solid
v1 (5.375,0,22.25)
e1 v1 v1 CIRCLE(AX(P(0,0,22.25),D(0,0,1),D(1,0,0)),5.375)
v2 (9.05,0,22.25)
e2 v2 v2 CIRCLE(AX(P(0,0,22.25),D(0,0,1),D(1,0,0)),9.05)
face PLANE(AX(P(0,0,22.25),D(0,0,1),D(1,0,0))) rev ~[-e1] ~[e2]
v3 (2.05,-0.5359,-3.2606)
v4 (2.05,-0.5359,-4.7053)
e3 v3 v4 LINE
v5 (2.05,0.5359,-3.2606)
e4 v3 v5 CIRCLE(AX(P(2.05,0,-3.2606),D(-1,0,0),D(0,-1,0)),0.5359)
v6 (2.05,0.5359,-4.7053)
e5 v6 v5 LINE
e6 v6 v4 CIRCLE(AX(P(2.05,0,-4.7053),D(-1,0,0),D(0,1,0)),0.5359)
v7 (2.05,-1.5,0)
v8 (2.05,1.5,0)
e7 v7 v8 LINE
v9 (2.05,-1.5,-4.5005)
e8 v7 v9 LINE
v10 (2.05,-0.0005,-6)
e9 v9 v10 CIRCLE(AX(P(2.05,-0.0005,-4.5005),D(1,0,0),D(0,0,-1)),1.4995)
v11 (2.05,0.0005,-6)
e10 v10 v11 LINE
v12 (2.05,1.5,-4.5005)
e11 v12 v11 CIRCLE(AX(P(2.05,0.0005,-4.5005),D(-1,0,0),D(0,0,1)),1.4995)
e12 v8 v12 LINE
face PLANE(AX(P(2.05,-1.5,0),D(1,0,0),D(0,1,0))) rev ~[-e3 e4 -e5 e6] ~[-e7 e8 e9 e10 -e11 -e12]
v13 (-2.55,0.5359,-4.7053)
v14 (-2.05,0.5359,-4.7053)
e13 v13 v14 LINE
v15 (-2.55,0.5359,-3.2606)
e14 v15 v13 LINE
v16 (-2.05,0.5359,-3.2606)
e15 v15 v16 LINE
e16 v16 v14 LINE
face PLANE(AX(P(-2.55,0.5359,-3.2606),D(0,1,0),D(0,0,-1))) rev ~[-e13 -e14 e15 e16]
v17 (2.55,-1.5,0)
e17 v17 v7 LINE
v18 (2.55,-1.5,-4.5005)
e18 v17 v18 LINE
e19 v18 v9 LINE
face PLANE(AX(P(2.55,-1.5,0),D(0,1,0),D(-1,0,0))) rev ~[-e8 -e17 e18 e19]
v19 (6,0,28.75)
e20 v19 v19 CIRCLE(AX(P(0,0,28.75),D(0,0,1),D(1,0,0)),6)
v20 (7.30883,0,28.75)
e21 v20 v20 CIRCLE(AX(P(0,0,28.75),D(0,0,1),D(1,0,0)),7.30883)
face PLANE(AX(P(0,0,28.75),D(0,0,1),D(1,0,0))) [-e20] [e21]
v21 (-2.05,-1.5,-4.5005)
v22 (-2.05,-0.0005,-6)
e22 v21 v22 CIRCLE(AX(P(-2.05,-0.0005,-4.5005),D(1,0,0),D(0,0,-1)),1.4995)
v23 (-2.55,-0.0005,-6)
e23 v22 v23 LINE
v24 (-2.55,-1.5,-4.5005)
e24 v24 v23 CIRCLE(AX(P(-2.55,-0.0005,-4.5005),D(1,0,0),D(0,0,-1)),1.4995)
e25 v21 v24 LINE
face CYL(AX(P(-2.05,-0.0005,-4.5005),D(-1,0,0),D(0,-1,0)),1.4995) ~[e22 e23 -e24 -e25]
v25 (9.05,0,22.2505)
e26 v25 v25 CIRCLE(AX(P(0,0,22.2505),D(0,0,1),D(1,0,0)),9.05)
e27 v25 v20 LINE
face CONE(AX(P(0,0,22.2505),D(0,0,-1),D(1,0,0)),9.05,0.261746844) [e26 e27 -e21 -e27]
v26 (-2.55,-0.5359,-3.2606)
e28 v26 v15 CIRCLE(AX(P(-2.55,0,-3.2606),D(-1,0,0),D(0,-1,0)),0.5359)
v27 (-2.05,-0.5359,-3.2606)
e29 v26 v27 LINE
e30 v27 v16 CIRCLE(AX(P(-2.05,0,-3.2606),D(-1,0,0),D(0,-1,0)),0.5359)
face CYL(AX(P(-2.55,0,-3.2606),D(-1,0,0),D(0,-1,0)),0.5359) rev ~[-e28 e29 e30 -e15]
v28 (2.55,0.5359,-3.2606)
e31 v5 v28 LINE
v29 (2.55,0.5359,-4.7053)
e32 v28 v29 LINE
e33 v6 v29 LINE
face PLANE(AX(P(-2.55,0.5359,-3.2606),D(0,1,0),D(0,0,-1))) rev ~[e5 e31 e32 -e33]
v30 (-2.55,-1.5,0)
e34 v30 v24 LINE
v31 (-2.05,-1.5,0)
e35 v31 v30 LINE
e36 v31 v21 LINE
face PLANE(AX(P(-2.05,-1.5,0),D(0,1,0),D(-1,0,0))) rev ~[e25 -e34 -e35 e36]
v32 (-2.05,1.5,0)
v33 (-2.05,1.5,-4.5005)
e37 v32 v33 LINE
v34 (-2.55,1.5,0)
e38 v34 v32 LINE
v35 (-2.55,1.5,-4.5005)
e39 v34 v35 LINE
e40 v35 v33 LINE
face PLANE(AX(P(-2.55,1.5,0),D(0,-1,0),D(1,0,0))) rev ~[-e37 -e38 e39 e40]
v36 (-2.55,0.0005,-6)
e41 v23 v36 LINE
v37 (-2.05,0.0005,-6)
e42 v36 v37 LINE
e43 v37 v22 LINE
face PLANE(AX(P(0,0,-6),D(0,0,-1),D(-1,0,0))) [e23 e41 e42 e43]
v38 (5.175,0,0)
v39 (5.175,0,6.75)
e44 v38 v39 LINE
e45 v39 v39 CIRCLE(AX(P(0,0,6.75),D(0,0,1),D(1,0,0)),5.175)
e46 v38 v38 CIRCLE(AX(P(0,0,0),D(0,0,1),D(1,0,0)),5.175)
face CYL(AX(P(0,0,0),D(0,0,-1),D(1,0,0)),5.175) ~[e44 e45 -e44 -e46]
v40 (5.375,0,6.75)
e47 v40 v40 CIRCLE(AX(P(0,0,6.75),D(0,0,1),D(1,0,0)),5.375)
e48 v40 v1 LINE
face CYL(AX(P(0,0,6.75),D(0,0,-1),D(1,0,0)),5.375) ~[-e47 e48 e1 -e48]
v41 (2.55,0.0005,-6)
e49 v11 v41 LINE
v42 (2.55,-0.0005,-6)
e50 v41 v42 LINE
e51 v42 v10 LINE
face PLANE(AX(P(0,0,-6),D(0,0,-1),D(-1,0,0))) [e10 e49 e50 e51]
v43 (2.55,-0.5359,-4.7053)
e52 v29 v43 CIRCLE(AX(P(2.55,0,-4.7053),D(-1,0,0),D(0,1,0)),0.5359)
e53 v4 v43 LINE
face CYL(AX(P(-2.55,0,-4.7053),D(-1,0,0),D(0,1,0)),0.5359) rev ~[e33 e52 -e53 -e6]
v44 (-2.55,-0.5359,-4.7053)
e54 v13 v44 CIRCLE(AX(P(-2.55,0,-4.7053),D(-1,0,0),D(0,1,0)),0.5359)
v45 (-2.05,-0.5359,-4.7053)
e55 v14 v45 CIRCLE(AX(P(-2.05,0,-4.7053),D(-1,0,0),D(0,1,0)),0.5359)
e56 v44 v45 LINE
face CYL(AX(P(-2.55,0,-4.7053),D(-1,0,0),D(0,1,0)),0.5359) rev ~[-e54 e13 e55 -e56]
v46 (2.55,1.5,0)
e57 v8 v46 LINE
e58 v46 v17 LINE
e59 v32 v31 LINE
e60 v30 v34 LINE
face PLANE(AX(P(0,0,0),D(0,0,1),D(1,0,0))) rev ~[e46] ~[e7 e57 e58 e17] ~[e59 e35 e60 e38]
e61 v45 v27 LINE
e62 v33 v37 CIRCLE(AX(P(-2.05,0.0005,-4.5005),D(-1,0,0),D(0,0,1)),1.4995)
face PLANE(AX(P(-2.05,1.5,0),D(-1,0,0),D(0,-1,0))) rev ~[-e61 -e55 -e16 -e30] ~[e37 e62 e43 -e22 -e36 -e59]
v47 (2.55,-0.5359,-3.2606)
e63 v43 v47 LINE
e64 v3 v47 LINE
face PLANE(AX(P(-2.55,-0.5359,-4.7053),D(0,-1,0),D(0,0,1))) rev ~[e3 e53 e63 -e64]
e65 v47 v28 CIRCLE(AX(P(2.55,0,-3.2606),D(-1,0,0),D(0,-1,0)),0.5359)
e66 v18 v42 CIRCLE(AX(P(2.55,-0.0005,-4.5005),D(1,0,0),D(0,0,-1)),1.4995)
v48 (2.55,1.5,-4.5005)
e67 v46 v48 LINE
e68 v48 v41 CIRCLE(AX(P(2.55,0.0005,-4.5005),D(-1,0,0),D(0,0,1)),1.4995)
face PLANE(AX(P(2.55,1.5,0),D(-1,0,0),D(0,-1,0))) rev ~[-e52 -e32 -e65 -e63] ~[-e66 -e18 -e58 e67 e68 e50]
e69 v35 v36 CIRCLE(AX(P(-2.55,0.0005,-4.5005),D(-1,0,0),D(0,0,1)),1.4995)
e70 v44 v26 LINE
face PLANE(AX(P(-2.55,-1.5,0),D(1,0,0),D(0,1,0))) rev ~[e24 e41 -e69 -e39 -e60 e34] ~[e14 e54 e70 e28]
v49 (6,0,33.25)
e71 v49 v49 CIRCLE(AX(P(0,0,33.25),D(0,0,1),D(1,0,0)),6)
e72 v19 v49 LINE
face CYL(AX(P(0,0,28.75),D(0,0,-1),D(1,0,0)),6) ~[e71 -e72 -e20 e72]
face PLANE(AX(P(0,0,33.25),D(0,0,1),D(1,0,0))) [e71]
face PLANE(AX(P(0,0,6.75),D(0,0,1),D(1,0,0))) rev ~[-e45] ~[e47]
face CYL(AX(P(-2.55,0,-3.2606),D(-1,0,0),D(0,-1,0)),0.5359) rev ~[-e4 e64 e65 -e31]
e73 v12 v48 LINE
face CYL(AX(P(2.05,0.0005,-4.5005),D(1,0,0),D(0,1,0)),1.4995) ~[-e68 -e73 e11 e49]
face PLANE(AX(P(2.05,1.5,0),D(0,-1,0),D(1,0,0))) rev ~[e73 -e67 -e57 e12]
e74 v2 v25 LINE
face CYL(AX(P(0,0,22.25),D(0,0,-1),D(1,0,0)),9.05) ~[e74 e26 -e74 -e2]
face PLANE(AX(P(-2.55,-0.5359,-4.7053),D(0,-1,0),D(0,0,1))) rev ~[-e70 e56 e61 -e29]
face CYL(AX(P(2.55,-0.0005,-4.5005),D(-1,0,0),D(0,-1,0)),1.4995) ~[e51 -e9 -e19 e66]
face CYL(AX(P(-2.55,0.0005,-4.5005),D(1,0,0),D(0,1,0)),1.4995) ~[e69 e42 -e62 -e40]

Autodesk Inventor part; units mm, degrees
ref_plane "YZ Plane" through (0, 0, 0) normal (1, 0, 0) x (0, 1, 0)
ref_plane "XZ Plane" through (0, 0, 0) normal (0, 1, 0) x (-1, 0, 0)
ref_plane "XY Plane" through (0, 0, 0) normal (0, 0, 1) x (1, 0, 0)
sketch "Sketch1" plane through (0, 0, 0) normal (0, 0, 1) x (1, 0, 0)
  circle A0 centre (0, 0) radius 5.175
  dimension "d0" = 10.35
extrude "Extrusion1" add sketch "Sketch1" along normal blind 6.75
sketch "Sketch2" plane through (0, 0, 6.75) normal (0, 0, 1) x (1, 0, 0)
  circle A0 centre (0, 0) radius 5.375
  dimension "d3" = 10.75
extrude "Extrusion2" add sketch "Sketch2" along normal blind 15.5
sketch "Sketch3" plane through (0, 0, 22.25) normal (0, 0, 1) x (1, 0, 0)
  circle A0 centre (0, 0) radius 9.05
  dimension "d6" = 18.1
extrude "Extrusion3" add sketch "Sketch3" along normal blind 6.5
chamfer "Chamfer1" distance 6.5 angle 15 1 edges at (-9.05, 0, 28.75) measured on face at (8.9328, -1.4517, 26.5833)
sketch "Sketch4" plane through (0, 0, 0) normal (0, 0, -1) x (-1, 0, 0)
  circle A0 centre (0, 0) radius 5.175 projected
  line L0 (2.55, 1.5) -> (2.05, 1.5)
  line L1 (2.05, 1.5) -> (2.05, -1.5)
  line L2 (2.05, -1.5) -> (2.55, -1.5)
  line L3 (2.55, -1.5) -> (2.55, 1.5)
  line L4 (-2.05, 1.5) -> (-2.55, 1.5)
  line L5 (-2.55, 1.5) -> (-2.55, -1.5)
  line L6 (-2.55, -1.5) -> (-2.05, -1.5)
  line L7 (-2.05, -1.5) -> (-2.05, 1.5)
  dimension "d12" = 0.5
  dimension "d13" = 3
  dimension "d14" = 0.5
  dimension "d15" = 3
  dimension "d16" = 5.1
  dimension "d17" = 2.625
  dimension "d18" = 2.625
  dimension "d19" = 3.675
  dimension "d20" = 3.675
extrude "Extrusion4" add sketch "Sketch4" along normal blind 6 contours L3 L2 L1 L0 | L7 L6 L5 L4
fillet "Fillet1" radius 1.5 4 edges at (-2.3, 1.5, -6) (-2.3, -1.5, -6) (2.3, 1.5, -6) (2.3, -1.5, -6)
sketch "Sketch5" plane through (-2.55, -1.5, 0) normal (-1, 0, 0) x (0, 0, 1)
  line L0 (-4.7053, 1.5) -> (-3.2606, 1.5) construction
  line L1 (-4.7053, 0.9641) -> (-3.2606, 0.9641)
  line L2 (-3.2606, 2.0359) -> (-4.7053, 2.0359)
  arc A0 (-4.7053, 2.0359) -> (-4.7053, 0.9641) centre (-4.7053, 1.5) ccw
  arc A1 (-3.2606, 0.9641) -> (-3.2606, 2.0359) centre (-3.2606, 1.5) ccw
  line L3 (0, 0) -> (-4.5, 0) projected
  line L4 (0, 3) -> (-4.5, 3) projected
  point P0 (0, 1.5)
  point P1 (-3.983, 1.5)
  dimension "d24" = 1.5
  dimension "d25" = 1.5
extrude "Extrusion5" cut sketch "Sketch5" against normal through all
sketch "Sketch6" plane through (0, 0, 28.75) normal (0, 0, 1) x (1, 0, 0)
  circle A0 centre (0, 0) radius 6
  dimension "d28" = 12
extrude "Extrusion6" add sketch "Sketch6" along normal blind 4.5
equation "\"d17\" = d18"
equation "\"d19\" = d20"
equation "\"d24\" = d25"
properties part number "przycisk"
